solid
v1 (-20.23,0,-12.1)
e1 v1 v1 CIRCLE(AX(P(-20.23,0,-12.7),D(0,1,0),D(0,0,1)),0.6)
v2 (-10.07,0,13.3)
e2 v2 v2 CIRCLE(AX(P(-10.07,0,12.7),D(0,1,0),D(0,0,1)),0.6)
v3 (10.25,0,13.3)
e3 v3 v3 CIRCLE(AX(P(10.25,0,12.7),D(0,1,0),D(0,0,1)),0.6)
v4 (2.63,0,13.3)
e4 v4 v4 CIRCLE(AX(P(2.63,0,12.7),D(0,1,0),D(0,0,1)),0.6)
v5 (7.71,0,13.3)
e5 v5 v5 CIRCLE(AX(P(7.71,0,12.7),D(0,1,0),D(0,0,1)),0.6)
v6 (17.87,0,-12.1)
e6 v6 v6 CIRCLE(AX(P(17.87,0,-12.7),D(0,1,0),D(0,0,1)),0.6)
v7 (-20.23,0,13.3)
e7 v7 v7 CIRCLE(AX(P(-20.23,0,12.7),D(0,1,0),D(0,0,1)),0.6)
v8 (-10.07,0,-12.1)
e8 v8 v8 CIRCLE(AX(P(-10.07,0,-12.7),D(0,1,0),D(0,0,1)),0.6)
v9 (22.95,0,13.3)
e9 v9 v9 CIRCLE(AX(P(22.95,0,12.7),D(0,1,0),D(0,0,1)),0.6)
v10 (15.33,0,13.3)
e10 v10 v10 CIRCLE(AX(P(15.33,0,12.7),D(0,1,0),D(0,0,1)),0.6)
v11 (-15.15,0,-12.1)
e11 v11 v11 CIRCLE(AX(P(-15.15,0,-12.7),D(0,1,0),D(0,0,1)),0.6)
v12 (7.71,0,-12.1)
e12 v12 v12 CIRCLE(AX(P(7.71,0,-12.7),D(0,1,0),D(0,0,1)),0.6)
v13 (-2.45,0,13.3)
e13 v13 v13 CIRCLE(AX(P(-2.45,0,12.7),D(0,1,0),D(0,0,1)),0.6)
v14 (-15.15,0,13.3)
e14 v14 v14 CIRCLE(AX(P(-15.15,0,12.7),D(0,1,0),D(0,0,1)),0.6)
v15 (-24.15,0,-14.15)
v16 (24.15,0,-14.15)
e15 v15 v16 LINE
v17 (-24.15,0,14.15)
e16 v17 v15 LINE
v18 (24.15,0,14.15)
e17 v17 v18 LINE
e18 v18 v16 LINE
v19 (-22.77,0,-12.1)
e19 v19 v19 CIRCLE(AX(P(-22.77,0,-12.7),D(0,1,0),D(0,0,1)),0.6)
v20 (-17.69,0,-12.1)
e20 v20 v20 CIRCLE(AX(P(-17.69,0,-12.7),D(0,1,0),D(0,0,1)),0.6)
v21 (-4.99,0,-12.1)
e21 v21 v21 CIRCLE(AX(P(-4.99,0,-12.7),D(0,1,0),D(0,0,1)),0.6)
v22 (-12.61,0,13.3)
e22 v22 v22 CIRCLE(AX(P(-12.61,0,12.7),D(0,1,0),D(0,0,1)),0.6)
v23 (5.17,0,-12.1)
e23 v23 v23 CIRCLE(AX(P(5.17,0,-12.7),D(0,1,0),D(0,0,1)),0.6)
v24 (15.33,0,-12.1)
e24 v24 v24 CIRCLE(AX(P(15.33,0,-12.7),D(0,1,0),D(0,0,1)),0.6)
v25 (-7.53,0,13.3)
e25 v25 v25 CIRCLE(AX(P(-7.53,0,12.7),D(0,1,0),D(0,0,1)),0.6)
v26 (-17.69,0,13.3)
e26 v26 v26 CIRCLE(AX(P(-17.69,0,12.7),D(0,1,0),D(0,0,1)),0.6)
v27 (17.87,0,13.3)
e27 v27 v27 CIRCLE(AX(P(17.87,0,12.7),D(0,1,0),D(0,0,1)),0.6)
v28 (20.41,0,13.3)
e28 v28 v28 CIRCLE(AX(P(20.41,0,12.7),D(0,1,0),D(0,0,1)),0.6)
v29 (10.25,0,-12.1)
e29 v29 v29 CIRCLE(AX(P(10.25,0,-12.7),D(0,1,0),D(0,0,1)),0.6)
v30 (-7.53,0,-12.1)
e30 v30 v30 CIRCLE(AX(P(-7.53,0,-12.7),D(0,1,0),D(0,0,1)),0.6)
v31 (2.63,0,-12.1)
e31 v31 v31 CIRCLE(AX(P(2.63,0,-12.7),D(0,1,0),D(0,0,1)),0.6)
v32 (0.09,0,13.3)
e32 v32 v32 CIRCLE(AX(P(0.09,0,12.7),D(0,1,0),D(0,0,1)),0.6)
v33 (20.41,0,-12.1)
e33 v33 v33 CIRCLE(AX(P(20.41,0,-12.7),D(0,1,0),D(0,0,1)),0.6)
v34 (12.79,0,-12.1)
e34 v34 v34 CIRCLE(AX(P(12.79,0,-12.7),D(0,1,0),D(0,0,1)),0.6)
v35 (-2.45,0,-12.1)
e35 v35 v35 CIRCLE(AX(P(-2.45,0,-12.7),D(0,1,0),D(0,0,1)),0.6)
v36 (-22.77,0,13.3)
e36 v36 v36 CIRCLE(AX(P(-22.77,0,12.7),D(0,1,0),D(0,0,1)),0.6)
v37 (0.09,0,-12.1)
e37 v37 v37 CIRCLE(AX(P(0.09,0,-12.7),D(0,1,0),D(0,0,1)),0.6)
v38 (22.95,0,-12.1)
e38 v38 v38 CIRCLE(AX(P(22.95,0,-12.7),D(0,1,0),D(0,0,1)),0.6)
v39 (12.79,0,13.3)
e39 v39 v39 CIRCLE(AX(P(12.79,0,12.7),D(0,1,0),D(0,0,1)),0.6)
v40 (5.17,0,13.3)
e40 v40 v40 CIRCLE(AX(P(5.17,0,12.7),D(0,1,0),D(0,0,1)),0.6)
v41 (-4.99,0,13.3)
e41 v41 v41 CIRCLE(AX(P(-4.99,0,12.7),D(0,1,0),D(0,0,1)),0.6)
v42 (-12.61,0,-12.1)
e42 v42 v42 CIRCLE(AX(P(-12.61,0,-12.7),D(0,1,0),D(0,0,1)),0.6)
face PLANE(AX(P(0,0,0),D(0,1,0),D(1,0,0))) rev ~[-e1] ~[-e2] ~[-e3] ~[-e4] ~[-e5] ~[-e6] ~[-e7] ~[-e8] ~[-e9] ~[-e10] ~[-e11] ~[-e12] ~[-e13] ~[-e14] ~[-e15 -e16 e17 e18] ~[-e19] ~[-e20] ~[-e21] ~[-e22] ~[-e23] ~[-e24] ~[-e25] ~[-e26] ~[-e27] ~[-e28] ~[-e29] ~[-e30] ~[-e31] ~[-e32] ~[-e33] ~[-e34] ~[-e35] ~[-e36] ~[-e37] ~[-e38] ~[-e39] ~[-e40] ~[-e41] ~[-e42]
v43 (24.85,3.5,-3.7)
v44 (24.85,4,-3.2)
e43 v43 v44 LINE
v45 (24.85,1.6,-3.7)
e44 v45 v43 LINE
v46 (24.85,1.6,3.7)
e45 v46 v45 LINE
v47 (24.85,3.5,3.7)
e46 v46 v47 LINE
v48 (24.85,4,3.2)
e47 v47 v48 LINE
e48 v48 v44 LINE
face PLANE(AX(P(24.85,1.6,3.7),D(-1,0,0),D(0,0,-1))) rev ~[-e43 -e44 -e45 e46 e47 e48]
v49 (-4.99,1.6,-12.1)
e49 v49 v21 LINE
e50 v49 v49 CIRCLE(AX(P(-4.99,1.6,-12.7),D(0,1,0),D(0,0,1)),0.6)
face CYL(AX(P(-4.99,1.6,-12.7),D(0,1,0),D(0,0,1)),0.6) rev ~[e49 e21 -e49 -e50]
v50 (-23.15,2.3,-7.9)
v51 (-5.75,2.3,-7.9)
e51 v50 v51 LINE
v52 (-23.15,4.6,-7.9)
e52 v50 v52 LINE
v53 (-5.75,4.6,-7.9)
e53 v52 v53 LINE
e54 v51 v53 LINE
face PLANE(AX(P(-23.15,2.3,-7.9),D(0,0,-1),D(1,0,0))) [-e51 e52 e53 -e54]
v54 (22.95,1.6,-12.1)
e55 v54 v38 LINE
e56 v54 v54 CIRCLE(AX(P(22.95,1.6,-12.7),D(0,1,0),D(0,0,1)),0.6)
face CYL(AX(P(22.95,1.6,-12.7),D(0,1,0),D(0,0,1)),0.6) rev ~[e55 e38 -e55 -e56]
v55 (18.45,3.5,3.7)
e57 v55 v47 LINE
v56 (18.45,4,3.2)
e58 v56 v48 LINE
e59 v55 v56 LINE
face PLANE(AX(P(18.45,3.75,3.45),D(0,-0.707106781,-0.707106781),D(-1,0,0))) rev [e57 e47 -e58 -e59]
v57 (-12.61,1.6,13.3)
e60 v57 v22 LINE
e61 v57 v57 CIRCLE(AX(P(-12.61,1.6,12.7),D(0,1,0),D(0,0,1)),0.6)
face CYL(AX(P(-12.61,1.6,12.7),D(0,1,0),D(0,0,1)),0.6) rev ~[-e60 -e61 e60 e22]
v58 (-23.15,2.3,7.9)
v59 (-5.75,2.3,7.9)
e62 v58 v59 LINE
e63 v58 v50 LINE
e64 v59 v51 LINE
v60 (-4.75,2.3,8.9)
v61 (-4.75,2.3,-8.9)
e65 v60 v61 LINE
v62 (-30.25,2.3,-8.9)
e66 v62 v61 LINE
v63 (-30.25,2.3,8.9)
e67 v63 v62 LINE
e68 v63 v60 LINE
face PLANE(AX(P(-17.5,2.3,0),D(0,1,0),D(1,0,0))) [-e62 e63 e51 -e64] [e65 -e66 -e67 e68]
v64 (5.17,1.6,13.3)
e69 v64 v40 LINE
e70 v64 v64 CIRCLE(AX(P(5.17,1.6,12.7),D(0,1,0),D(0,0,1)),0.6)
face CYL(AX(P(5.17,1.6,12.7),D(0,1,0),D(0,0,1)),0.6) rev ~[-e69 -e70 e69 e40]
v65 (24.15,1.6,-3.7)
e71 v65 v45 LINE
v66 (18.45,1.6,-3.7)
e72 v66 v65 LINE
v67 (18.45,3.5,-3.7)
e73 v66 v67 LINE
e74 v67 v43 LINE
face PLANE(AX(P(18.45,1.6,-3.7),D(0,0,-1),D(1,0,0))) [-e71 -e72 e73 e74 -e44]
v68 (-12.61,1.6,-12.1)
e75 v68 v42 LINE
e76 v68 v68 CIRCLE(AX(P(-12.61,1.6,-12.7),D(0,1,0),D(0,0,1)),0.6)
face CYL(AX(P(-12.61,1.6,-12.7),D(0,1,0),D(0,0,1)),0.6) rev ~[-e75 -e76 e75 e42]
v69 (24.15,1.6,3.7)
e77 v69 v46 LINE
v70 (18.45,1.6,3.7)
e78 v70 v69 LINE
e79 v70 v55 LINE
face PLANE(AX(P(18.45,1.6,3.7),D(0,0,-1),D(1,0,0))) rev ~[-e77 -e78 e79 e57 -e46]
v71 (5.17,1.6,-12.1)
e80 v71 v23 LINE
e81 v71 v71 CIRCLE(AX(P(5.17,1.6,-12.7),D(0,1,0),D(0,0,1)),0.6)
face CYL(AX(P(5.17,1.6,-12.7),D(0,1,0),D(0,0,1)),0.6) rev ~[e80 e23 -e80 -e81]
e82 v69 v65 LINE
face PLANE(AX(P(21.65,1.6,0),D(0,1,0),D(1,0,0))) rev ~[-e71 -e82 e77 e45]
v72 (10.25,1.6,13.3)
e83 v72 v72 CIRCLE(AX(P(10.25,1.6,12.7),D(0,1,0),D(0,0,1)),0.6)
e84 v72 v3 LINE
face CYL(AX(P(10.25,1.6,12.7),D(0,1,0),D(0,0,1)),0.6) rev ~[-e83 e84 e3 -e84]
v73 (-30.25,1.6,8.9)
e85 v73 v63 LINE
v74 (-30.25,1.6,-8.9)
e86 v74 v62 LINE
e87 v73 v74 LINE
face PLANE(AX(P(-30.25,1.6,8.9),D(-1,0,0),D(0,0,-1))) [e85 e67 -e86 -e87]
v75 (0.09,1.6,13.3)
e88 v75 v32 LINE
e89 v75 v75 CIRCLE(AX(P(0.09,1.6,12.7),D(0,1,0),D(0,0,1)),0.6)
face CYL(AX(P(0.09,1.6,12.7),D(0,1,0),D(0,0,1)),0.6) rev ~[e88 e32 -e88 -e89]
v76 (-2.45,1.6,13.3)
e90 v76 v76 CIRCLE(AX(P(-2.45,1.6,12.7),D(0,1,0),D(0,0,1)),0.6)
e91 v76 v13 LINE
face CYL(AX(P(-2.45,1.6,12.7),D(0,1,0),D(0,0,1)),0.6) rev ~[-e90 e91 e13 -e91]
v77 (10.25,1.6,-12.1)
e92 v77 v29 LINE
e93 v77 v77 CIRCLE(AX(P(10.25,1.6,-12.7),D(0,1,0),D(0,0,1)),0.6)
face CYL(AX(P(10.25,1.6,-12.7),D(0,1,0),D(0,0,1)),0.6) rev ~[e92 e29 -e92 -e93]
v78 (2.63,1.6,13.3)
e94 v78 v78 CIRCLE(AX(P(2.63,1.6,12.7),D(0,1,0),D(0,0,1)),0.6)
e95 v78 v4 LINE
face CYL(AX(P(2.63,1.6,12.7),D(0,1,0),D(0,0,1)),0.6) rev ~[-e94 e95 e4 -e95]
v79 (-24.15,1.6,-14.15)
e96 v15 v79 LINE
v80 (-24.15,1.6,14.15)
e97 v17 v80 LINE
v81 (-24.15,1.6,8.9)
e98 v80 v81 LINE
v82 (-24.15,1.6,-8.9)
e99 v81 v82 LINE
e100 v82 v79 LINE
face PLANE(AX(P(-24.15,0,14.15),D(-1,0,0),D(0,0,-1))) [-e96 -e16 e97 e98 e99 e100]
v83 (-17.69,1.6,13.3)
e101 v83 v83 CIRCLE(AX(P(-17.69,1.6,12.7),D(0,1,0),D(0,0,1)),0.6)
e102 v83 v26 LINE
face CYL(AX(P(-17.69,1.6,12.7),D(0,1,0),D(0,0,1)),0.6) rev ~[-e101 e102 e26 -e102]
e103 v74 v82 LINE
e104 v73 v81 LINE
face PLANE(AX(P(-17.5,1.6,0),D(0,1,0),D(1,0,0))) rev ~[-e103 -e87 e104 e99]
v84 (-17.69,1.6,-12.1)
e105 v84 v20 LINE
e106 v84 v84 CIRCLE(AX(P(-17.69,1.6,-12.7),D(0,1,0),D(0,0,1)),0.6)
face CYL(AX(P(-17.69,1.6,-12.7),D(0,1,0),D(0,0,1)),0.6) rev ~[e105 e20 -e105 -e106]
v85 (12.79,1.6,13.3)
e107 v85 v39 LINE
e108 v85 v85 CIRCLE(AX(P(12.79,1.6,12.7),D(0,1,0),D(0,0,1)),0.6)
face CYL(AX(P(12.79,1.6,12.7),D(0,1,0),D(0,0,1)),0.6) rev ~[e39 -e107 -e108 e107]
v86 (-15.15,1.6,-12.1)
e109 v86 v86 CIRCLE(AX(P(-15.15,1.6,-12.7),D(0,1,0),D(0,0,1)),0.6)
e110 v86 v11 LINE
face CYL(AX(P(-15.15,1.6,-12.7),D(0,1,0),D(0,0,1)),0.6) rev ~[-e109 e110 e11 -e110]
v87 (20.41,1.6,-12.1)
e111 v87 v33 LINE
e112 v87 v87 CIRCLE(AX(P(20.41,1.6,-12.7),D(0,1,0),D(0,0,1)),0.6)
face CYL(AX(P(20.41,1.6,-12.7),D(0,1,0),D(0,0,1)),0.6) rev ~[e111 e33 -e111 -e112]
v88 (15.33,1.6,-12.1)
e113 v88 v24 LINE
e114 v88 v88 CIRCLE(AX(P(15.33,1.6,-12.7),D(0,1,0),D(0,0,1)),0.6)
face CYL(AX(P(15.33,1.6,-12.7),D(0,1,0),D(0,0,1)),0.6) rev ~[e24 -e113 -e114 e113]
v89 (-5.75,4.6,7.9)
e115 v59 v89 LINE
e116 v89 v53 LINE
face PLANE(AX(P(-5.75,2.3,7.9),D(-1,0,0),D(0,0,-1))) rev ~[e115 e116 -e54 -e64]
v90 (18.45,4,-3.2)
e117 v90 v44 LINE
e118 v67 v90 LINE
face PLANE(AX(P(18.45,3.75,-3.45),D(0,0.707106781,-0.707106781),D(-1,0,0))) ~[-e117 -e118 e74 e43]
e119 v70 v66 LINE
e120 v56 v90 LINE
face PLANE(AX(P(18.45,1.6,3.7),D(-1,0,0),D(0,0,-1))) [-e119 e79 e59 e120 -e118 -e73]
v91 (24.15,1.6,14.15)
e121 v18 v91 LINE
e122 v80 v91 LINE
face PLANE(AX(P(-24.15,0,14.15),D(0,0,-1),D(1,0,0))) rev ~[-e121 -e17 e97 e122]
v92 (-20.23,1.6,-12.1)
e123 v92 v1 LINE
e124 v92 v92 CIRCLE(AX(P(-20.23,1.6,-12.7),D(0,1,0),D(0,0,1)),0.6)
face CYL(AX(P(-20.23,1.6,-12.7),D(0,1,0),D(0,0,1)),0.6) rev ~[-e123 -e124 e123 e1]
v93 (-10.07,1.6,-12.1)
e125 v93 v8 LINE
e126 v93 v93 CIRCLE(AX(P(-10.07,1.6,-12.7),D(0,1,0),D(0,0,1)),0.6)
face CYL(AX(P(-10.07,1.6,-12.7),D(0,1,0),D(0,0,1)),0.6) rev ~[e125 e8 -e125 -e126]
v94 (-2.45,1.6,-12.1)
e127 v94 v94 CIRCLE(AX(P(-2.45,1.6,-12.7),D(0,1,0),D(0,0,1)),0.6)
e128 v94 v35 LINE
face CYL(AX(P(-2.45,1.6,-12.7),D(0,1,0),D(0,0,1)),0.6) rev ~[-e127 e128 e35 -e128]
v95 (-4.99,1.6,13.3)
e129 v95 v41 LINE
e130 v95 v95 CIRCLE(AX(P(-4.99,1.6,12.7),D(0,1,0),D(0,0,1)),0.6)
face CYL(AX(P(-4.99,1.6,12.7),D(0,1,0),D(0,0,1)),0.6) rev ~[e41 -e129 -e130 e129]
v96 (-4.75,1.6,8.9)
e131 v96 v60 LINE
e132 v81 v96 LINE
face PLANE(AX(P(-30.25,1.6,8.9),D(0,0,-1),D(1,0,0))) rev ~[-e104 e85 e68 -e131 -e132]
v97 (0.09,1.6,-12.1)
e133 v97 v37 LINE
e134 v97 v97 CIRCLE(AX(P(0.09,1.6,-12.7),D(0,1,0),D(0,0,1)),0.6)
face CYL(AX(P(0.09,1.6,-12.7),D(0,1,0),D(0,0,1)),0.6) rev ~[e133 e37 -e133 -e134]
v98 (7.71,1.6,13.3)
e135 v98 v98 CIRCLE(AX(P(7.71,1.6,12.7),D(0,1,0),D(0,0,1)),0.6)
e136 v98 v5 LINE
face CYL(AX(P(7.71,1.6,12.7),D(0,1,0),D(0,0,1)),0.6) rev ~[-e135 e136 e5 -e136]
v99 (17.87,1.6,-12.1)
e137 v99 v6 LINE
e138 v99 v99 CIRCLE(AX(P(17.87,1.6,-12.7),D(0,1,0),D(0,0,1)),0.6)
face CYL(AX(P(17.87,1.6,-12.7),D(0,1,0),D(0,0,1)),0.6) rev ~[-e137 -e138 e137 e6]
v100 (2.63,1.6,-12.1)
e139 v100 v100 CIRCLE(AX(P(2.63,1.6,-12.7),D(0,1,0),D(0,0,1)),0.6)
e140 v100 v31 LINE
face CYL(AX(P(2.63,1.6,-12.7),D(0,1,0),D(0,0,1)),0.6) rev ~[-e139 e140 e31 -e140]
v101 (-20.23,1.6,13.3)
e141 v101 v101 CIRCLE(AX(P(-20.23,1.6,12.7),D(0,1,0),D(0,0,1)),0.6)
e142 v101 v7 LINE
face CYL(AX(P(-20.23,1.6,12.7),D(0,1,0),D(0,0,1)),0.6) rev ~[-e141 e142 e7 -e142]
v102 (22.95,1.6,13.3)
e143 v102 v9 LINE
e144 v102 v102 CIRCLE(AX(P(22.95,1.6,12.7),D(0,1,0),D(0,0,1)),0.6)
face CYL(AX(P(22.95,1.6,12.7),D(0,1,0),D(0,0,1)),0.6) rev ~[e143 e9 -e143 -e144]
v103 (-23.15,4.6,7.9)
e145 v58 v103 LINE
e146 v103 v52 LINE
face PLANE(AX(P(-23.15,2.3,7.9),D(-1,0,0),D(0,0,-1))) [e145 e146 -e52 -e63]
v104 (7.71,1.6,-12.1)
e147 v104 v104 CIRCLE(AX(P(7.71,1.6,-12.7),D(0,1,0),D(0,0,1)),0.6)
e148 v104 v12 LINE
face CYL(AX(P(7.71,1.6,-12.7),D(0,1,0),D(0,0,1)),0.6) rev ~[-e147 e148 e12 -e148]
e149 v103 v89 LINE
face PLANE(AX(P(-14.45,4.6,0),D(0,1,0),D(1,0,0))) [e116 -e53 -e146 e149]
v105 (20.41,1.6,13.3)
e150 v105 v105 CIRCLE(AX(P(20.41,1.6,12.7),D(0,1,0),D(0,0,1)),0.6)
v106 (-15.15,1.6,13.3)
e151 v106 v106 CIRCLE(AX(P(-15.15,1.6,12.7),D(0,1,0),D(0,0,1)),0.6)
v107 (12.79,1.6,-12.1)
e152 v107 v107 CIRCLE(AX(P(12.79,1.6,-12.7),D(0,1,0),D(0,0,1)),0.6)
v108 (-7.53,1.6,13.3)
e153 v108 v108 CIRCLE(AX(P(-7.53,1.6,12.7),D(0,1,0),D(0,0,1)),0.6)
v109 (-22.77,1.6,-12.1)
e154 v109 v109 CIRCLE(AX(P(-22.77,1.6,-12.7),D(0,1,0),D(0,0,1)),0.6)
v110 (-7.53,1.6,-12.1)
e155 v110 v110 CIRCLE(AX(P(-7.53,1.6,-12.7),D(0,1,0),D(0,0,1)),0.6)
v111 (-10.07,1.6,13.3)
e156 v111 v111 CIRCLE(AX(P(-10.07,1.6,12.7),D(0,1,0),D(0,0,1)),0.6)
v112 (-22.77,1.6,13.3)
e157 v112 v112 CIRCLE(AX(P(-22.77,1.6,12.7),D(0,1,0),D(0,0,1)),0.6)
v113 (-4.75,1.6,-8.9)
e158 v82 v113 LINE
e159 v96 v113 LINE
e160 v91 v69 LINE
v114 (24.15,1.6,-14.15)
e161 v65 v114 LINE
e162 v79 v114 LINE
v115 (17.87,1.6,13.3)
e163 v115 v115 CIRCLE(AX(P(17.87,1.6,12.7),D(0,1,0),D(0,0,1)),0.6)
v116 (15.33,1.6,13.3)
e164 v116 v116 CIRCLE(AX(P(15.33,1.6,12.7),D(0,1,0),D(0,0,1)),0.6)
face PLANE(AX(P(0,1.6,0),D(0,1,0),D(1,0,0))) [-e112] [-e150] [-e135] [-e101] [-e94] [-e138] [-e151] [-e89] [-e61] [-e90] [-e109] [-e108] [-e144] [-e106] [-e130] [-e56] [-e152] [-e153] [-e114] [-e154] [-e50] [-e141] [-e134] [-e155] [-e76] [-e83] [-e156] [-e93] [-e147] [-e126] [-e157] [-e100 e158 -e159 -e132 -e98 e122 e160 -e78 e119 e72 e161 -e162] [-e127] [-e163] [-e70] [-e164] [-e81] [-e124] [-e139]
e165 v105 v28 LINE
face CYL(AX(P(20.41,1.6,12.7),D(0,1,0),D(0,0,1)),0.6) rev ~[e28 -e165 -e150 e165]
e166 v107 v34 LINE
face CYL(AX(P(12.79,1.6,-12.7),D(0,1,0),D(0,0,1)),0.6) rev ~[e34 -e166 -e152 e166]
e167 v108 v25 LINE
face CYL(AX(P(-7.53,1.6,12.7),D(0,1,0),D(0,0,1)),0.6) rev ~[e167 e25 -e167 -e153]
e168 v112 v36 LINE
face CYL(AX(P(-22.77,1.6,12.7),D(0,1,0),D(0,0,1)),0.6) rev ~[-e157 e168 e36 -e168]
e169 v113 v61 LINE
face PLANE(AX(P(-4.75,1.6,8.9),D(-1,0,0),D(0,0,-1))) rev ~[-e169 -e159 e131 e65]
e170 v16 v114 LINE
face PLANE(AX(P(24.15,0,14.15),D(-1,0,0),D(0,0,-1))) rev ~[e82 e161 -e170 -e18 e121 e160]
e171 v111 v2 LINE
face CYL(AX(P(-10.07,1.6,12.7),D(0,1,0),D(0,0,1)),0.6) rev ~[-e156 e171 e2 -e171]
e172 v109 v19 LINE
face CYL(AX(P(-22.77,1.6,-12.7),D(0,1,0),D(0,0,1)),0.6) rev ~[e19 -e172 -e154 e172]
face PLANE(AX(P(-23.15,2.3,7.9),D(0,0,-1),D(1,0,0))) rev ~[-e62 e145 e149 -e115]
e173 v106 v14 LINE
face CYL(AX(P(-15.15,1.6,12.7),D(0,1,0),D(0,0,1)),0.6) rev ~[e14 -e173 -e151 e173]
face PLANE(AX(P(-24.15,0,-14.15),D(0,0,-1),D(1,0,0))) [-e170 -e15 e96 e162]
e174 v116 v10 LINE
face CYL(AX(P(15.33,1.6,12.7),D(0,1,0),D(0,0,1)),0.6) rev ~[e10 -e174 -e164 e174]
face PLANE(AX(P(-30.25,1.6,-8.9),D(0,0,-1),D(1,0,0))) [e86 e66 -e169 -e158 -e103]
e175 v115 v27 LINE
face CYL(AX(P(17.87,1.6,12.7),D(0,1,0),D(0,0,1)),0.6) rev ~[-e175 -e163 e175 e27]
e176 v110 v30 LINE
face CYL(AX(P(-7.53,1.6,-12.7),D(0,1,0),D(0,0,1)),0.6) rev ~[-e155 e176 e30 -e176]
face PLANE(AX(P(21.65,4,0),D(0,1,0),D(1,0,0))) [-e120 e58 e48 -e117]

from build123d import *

# Parameters (mm, degrees)
SKETCH_1_W          = 48.3
SKETCH_1_H          = 28.3
EXTRUDE_1_DEPTH     = 1.6
SKETCH_3_W          = 25.5
SKETCH_3_H          = 17.8
EXTRUDE_2_DEPTH     = 0.7
SKETCH_4_W          = 17.4
SKETCH_4_H          = 15.8
EXTRUDE_3_DEPTH     = 2.3
SKETCH_5_W          = 6.4
SKETCH_5_H          = 7.4
EXTRUDE_4_DEPTH     = 2.4
CHAMFER_1_SIZE      = 0.5
SKETCH_6_R          = 0.6
CUT_EXTRUDE_1_DEPTH = 34.530359378


with BuildPart() as part:
    # 草图1 → 凸台-拉伸1 (new body)
    with BuildSketch(Plane(origin=(0, 0, 0), x_dir=(1, 0, 0), z_dir=(0, 1, 0))):
        Rectangle(SKETCH_1_W, SKETCH_1_H)
    extrude(amount=EXTRUDE_1_DEPTH)

    # 草图3 → 凸台-拉伸2 (add)
    with BuildSketch(Plane(origin=(0, 1.6, 0), x_dir=(1, 0, 0), z_dir=(0, 1, 0))):
        with Locations((-17.5, 0)):
            Rectangle(SKETCH_3_W, SKETCH_3_H)
    extrude(amount=EXTRUDE_2_DEPTH)

    # 草图4 → 凸台-拉伸3 (add)
    with BuildSketch(Plane(origin=(0, 2.3, 0), x_dir=(1, 0, 0), z_dir=(0, 1, 0))):
        with Locations((-14.45, 0)):
            Rectangle(SKETCH_4_W, SKETCH_4_H)
    extrude(amount=EXTRUDE_3_DEPTH)

    # 草图5 → 凸台-拉伸4 (add)
    with BuildSketch(Plane(origin=(0, 1.6, 0), x_dir=(1, 0, 0), z_dir=(0, 1, 0))):
        with Locations((21.65, 0)):
            Rectangle(SKETCH_5_W, SKETCH_5_H)
    extrude(amount=EXTRUDE_4_DEPTH)

    # 倒角1
    chamfer_1_edges = [part.edges().sort_by_distance(p)[0] for p in [
        (21.65, 4, -3.7),
        (21.65, 4, 3.7),
    ]]
    chamfer(chamfer_1_edges, length=CHAMFER_1_SIZE)

    # 草图6 → 切除-拉伸1 (cut, through all)
    with BuildSketch(Plane(origin=(0, 1.6, 0), x_dir=(1, 0, 0), z_dir=(0, 1, 0))):
        with Locations(Location((22.95, 12.7, 0), (0, 0, 270))):
            Circle(SKETCH_6_R)
        with Locations(Location((20.41, 12.7, 0), (0, 0, 270))):
            Circle(SKETCH_6_R)
        with Locations(Location((17.87, 12.7, 0), (0, 0, 270))):
            Circle(SKETCH_6_R)
        with Locations(Location((15.33, 12.7, 0), (0, 0, 270))):
            Circle(SKETCH_6_R)
        with Locations(Location((12.79, 12.7, 0), (0, 0, 270))):
            Circle(SKETCH_6_R)
        with Locations(Location((10.25, 12.7, 0), (0, 0, 270))):
            Circle(SKETCH_6_R)
        with Locations(Location((7.71, 12.7, 0), (0, 0, 270))):
            Circle(SKETCH_6_R)
        with Locations(Location((5.17, 12.7, 0), (0, 0, 270))):
            Circle(SKETCH_6_R)
        with Locations(Location((2.63, 12.7, 0), (0, 0, 270))):
            Circle(SKETCH_6_R)
        with Locations(Location((0.09, 12.7, 0), (0, 0, 270))):
            Circle(SKETCH_6_R)
        with Locations(Location((-2.45, 12.7, 0), (0, 0, 270))):
            Circle(SKETCH_6_R)
        with Locations(Location((-4.99, 12.7, 0), (0, 0, 270))):
            Circle(SKETCH_6_R)
        with Locations(Location((-7.53, 12.7, 0), (0, 0, 270))):
            Circle(SKETCH_6_R)
        with Locations(Location((-10.07, 12.7, 0), (0, 0, 270))):
            Circle(SKETCH_6_R)
        with Locations(Location((-12.61, 12.7, 0), (0, 0, 270))):
            Circle(SKETCH_6_R)
        with Locations(Location((-15.15, 12.7, 0), (0, 0, 270))):
            Circle(SKETCH_6_R)
        with Locations(Location((-17.69, 12.7, 0), (0, 0, 270))):
            Circle(SKETCH_6_R)
        with Locations(Location((-20.23, 12.7, 0), (0, 0, 270))):
            Circle(SKETCH_6_R)
        with Locations(Location((-22.77, 12.7, 0), (0, 0, 270))):
            Circle(SKETCH_6_R)
        with Locations(Location((20.41, -12.7, 0), (0, 0, 270))):
            Circle(SKETCH_6_R)
        with Locations(Location((17.87, -12.7, 0), (0, 0, 270))):
            Circle(SKETCH_6_R)
        with Locations(Location((15.33, -12.7, 0), (0, 0, 270))):
            Circle(SKETCH_6_R)
        with Locations(Location((12.79, -12.7, 0), (0, 0, 270))):
            Circle(SKETCH_6_R)
        with Locations(Location((10.25, -12.7, 0), (0, 0, 270))):
            Circle(SKETCH_6_R)
        with Locations(Location((7.71, -12.7, 0), (0, 0, 270))):
            Circle(SKETCH_6_R)
        with Locations(Location((5.17, -12.7, 0), (0, 0, 270))):
            Circle(SKETCH_6_R)
        with Locations(Location((2.63, -12.7, 0), (0, 0, 270))):
            Circle(SKETCH_6_R)
        with Locations(Location((0.09, -12.7, 0), (0, 0, 270))):
            Circle(SKETCH_6_R)
        with Locations(Location((-2.45, -12.7, 0), (0, 0, 270))):
            Circle(SKETCH_6_R)
        with Locations(Location((-4.99, -12.7, 0), (0, 0, 270))):
            Circle(SKETCH_6_R)
        with Locations(Location((-7.53, -12.7, 0), (0, 0, 270))):
            Circle(SKETCH_6_R)
        with Locations(Location((-10.07, -12.7, 0), (0, 0, 270))):
            Circle(SKETCH_6_R)
        with Locations(Location((-12.61, -12.7, 0), (0, 0, 270))):
            Circle(SKETCH_6_R)
        with Locations(Location((-15.15, -12.7, 0), (0, 0, 270))):
            Circle(SKETCH_6_R)
        with Locations(Location((-17.69, -12.7, 0), (0, 0, 270))):
            Circle(SKETCH_6_R)
        with Locations(Location((-20.23, -12.7, 0), (0, 0, 270))):
            Circle(SKETCH_6_R)
        with Locations(Location((-22.77, -12.7, 0), (0, 0, 270))):
            Circle(SKETCH_6_R)
        with Locations(Location((22.95, -12.7, 0), (0, 0, 270))):
            Circle(SKETCH_6_R)
    extrude(amount=-CUT_EXTRUDE_1_DEPTH, mode=Mode.SUBTRACT)


solid = part.part
